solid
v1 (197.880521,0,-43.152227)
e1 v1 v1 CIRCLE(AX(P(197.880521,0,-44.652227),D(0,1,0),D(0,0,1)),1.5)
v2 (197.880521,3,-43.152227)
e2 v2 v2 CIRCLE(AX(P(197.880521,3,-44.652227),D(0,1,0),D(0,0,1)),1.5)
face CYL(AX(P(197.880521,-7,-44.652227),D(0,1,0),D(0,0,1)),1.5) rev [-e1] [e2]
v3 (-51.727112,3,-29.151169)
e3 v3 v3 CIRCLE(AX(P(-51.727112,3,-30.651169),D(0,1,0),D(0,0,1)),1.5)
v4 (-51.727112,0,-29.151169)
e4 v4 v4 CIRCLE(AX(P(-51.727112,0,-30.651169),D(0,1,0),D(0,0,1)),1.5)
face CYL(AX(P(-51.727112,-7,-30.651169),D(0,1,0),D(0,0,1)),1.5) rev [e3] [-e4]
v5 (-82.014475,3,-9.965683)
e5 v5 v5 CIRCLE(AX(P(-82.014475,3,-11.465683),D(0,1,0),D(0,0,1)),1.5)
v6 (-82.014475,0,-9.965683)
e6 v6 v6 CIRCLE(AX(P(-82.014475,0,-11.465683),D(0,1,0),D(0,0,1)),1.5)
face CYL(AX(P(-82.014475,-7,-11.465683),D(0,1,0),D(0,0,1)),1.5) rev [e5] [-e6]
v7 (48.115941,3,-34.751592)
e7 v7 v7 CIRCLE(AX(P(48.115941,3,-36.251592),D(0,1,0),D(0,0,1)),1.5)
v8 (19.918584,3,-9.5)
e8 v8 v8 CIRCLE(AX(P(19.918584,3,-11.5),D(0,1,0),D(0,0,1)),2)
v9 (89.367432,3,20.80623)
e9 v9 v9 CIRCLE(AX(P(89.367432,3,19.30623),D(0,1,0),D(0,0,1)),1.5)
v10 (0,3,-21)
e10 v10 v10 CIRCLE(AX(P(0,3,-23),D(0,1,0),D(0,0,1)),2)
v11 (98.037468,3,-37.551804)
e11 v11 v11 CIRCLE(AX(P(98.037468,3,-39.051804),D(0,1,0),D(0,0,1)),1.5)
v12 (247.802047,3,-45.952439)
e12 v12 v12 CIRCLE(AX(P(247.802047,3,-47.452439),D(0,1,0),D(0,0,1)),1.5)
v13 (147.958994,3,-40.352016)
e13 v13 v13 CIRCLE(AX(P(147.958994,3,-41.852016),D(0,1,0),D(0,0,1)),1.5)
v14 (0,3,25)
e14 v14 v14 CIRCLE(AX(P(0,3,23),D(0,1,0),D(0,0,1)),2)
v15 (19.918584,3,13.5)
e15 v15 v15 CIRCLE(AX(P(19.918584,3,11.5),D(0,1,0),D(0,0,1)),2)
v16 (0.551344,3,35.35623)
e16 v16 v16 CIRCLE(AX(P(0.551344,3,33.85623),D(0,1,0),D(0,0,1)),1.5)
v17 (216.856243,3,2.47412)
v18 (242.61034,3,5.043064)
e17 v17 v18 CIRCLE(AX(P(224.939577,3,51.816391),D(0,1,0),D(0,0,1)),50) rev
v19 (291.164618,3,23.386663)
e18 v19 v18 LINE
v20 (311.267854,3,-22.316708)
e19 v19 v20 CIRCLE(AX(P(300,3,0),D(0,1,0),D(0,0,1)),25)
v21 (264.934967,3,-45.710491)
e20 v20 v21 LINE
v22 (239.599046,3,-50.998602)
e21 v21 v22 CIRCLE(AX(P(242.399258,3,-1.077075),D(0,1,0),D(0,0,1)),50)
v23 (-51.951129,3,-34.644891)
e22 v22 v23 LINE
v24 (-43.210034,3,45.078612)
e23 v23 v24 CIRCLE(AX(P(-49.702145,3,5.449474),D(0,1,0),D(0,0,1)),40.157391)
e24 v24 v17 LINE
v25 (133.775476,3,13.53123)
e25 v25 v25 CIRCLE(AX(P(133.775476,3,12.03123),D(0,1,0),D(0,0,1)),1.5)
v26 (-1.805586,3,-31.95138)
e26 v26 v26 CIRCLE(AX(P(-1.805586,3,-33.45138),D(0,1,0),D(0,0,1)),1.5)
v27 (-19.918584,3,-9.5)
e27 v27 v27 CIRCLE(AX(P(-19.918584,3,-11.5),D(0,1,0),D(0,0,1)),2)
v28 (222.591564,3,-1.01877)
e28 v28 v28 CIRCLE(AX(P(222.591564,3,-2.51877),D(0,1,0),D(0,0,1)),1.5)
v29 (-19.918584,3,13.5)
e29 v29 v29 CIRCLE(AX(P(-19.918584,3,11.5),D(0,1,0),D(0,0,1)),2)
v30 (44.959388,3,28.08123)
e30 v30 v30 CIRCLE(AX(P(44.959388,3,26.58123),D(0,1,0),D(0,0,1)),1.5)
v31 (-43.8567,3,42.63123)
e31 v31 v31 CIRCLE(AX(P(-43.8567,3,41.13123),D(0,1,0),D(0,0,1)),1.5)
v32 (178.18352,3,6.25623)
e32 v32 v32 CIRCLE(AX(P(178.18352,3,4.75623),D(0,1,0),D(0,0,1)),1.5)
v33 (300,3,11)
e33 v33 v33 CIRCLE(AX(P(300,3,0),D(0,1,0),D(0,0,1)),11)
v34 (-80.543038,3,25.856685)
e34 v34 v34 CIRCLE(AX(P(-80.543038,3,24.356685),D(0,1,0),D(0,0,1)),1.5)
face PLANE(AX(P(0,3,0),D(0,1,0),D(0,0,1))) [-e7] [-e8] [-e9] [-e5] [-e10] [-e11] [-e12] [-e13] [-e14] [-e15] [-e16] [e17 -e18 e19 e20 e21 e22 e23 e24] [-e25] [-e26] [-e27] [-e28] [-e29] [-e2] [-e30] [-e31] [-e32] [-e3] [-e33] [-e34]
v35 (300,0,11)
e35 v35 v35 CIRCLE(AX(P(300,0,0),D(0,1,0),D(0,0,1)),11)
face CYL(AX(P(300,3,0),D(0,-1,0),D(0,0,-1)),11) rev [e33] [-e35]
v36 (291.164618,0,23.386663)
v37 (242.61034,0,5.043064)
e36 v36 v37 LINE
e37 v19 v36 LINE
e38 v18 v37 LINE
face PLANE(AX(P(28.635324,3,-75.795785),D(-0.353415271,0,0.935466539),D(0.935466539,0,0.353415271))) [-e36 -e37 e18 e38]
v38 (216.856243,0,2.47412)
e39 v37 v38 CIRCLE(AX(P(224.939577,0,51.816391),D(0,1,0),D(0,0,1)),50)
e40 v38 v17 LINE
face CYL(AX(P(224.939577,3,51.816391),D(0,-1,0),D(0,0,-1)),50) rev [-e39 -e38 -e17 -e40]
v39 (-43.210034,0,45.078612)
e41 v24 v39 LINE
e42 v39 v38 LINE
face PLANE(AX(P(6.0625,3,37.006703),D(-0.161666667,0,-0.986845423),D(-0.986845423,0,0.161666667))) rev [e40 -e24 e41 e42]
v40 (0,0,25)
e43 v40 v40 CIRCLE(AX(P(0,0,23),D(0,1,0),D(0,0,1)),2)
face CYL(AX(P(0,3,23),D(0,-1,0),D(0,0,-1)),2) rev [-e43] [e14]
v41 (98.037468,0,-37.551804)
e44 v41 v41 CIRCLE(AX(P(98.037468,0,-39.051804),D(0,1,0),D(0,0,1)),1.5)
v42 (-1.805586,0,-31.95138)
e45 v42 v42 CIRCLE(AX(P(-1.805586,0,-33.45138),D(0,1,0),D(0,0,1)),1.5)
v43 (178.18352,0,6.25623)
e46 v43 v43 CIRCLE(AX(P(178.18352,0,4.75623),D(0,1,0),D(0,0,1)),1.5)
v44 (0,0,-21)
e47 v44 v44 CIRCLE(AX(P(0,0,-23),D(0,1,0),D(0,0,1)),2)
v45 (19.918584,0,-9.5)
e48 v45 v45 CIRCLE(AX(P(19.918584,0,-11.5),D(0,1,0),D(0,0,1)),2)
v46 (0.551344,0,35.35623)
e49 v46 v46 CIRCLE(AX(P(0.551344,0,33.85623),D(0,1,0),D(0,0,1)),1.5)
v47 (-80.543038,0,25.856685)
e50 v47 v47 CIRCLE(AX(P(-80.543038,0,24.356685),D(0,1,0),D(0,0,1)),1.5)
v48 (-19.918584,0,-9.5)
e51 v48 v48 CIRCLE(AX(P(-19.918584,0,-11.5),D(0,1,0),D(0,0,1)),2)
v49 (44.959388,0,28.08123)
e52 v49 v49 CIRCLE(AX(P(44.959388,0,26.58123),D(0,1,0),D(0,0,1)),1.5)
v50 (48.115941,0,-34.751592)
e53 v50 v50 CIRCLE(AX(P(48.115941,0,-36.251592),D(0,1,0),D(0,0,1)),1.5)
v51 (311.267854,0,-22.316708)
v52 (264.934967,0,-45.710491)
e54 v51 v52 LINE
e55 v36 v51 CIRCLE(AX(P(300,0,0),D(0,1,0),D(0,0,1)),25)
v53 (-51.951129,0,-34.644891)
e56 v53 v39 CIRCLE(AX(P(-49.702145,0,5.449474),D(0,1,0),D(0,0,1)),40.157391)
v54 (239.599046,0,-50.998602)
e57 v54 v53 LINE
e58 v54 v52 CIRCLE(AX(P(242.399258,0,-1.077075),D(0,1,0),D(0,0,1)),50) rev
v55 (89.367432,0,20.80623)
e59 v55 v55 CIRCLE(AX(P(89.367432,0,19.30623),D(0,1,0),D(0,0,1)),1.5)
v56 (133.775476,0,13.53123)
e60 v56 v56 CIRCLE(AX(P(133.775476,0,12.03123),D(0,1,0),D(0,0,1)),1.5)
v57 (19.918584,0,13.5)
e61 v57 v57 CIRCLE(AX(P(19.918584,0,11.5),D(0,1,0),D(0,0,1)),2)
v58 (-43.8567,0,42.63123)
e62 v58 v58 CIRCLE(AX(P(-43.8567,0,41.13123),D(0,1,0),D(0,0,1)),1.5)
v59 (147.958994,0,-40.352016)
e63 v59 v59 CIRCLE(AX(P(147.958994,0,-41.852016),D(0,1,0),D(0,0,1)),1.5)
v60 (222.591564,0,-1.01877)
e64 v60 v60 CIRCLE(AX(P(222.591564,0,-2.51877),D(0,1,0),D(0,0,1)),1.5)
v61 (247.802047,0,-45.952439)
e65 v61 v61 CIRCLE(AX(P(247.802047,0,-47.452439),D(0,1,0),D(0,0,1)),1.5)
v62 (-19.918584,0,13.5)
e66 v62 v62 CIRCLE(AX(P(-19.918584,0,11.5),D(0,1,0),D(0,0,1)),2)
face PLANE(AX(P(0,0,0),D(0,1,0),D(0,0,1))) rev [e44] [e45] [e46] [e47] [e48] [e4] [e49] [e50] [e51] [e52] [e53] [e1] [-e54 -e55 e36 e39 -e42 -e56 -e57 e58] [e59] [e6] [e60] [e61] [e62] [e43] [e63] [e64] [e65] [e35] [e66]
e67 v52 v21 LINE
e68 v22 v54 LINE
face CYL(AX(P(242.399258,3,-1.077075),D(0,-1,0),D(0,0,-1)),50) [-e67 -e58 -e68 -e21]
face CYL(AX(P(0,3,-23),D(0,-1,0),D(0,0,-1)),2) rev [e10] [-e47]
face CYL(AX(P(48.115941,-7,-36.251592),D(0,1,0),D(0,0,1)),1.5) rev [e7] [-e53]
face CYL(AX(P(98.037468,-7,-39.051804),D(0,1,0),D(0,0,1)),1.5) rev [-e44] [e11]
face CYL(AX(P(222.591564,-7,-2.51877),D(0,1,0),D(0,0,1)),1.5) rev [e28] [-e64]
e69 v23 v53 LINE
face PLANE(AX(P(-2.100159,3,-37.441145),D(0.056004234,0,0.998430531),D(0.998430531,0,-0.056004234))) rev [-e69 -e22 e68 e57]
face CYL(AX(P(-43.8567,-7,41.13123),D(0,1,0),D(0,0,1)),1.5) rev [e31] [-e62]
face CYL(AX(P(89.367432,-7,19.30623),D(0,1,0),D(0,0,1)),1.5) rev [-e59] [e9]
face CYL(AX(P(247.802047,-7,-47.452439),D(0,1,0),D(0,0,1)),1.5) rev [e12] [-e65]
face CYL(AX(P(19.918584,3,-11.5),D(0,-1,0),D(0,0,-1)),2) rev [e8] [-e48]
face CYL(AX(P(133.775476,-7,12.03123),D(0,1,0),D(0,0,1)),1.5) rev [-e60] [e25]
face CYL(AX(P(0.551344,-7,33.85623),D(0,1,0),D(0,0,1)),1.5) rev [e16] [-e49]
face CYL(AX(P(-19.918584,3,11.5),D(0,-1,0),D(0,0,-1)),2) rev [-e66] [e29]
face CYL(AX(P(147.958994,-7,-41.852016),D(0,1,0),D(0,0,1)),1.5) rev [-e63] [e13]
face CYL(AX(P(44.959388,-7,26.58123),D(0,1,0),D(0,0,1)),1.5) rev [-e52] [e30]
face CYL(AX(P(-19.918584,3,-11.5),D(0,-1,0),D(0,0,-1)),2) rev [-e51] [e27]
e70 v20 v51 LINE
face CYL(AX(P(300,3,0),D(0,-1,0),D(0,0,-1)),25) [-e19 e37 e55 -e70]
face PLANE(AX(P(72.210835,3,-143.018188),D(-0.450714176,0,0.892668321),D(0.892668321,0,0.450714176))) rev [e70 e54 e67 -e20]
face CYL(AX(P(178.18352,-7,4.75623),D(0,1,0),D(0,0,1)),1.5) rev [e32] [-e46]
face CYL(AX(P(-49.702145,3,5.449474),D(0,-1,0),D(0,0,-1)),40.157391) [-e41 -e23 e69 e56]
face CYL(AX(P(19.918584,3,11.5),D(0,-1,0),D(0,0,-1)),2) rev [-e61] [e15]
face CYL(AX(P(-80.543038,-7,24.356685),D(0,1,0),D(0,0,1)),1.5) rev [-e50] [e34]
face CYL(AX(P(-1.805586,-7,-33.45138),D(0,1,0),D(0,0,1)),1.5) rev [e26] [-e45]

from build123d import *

# Parameters (mm, degrees)
SKETCH1_R           = 2
SKETCH1_R_2         = 11
BOSS_EXTRUDE2_DEPTH = 3
FILLET1_R           = 50
SKETCH2_R           = 1.5
CUT_EXTRUDE1_DEPTH  = 10


with BuildPart() as part:
    # Sketch1 → Boss-Extrude2 (new body)
    with BuildSketch(Plane(origin=(0, 0, 0), x_dir=(1, 0, 0), z_dir=(0, 1, 0))):
        with BuildLine():
            Line((-43.210033531, -45.078612162), (230.077464987, -0.308197366))
            Line((230.077464987, -0.308197366), (291.16461822, -23.386663481))
            ThreePointArc((291.16461822, -23.386663481), (322.884028765, -10.065844598), (311.267854408, 22.316708024))
            Line((311.267854408, 22.316708024), (252.97547919, 51.748916229))
            Line((252.97547919, 51.748916229), (-51.951129031, 34.644890888))
            ThreePointArc((-51.951129031, 34.644890888), (-89.620314745, -9.826208081), (-43.210033531, -45.078612162))
        make_face()
        with Locations(Location((19.918584287, -11.5, 0), (0, 0, 270))):
            Circle(SKETCH1_R, mode=Mode.SUBTRACT)
        with Locations(Location((0, -23, 0), (0, 0, 270))):
            Circle(SKETCH1_R, mode=Mode.SUBTRACT)
        with Locations(Location((-19.918584287, -11.5, 0), (0, 0, 270))):
            Circle(SKETCH1_R, mode=Mode.SUBTRACT)
        with Locations(Location((-19.918584287, 11.5, 0), (0, 0, 270))):
            Circle(SKETCH1_R, mode=Mode.SUBTRACT)
        with Locations(Location((0, 23, 0), (0, 0, 270))):
            Circle(SKETCH1_R, mode=Mode.SUBTRACT)
        with Locations(Location((19.918584287, 11.5, 0), (0, 0, 270))):
            Circle(SKETCH1_R, mode=Mode.SUBTRACT)
        with Locations(Location((300, 0, 0), (0, 0, 270))):
            Circle(SKETCH1_R_2, mode=Mode.SUBTRACT)
    extrude(amount=BOSS_EXTRUDE2_DEPTH)

    # Fillet1
    fillet1_edges = [part.edges().sort_by_distance(p)[0] for p in [
        (252.97547919, 1.5, -51.748916229),
        (230.077464987, 1.5, 0.308197366),
    ]]
    fillet(fillet1_edges, radius=FILLET1_R)

    # Sketch2 → Cut-Extrude1 (cut)
    with BuildSketch(Plane(origin=(0, 3, 0), x_dir=(1, 0, 0), z_dir=(0, 1, 0))):
        with Locations(Location((-51.727112095, 30.651168763, 0), (0, 0, 270))):
            Circle(SKETCH2_R)
        with Locations(Location((-43.856700198, -41.13123047, 0), (0, 0, 270))):
            Circle(SKETCH2_R)
        with Locations(Location((-80.543038085, -24.356685052, 0), (0, 0, 270))):
            Circle(SKETCH2_R)
        with Locations(Location((-82.014474694, 11.465683169, 0), (0, 0, 270))):
            Circle(SKETCH2_R)
        with Locations(Location((-1.805585532, 33.451380461, 0), (0, 0, 270))):
            Circle(SKETCH2_R)
        with Locations(Location((48.115941032, 36.251592159, 0), (0, 0, 270))):
            Circle(SKETCH2_R)
        with Locations(Location((98.037467596, 39.051803857, 0), (0, 0, 270))):
            Circle(SKETCH2_R)
        with Locations(Location((147.958994159, 41.852015556, 0), (0, 0, 270))):
            Circle(SKETCH2_R)
        with Locations(Location((197.880520723, 44.652227254, 0), (0, 0, 270))):
            Circle(SKETCH2_R)
        with Locations(Location((247.802047287, 47.452438952, 0), (0, 0, 270))):
            Circle(SKETCH2_R)
        with Locations(Location((0.551343837, -33.85623047, 0), (0, 0, 270))):
            Circle(SKETCH2_R)
        with Locations(Location((44.959387872, -26.58123047, 0), (0, 0, 270))):
            Circle(SKETCH2_R)
        with Locations(Location((89.367431907, -19.30623047, 0), (0, 0, 270))):
            Circle(SKETCH2_R)
        with Locations(Location((133.775475942, -12.03123047, 0), (0, 0, 270))):
            Circle(SKETCH2_R)
        with Locations(Location((178.183519977, -4.75623047, 0), (0, 0, 270))):
            Circle(SKETCH2_R)
        with Locations(Location((222.591564011, 2.51876953, 0), (0, 0, 270))):
            Circle(SKETCH2_R)
    extrude(amount=-CUT_EXTRUDE1_DEPTH, mode=Mode.SUBTRACT)


solid = part.part
